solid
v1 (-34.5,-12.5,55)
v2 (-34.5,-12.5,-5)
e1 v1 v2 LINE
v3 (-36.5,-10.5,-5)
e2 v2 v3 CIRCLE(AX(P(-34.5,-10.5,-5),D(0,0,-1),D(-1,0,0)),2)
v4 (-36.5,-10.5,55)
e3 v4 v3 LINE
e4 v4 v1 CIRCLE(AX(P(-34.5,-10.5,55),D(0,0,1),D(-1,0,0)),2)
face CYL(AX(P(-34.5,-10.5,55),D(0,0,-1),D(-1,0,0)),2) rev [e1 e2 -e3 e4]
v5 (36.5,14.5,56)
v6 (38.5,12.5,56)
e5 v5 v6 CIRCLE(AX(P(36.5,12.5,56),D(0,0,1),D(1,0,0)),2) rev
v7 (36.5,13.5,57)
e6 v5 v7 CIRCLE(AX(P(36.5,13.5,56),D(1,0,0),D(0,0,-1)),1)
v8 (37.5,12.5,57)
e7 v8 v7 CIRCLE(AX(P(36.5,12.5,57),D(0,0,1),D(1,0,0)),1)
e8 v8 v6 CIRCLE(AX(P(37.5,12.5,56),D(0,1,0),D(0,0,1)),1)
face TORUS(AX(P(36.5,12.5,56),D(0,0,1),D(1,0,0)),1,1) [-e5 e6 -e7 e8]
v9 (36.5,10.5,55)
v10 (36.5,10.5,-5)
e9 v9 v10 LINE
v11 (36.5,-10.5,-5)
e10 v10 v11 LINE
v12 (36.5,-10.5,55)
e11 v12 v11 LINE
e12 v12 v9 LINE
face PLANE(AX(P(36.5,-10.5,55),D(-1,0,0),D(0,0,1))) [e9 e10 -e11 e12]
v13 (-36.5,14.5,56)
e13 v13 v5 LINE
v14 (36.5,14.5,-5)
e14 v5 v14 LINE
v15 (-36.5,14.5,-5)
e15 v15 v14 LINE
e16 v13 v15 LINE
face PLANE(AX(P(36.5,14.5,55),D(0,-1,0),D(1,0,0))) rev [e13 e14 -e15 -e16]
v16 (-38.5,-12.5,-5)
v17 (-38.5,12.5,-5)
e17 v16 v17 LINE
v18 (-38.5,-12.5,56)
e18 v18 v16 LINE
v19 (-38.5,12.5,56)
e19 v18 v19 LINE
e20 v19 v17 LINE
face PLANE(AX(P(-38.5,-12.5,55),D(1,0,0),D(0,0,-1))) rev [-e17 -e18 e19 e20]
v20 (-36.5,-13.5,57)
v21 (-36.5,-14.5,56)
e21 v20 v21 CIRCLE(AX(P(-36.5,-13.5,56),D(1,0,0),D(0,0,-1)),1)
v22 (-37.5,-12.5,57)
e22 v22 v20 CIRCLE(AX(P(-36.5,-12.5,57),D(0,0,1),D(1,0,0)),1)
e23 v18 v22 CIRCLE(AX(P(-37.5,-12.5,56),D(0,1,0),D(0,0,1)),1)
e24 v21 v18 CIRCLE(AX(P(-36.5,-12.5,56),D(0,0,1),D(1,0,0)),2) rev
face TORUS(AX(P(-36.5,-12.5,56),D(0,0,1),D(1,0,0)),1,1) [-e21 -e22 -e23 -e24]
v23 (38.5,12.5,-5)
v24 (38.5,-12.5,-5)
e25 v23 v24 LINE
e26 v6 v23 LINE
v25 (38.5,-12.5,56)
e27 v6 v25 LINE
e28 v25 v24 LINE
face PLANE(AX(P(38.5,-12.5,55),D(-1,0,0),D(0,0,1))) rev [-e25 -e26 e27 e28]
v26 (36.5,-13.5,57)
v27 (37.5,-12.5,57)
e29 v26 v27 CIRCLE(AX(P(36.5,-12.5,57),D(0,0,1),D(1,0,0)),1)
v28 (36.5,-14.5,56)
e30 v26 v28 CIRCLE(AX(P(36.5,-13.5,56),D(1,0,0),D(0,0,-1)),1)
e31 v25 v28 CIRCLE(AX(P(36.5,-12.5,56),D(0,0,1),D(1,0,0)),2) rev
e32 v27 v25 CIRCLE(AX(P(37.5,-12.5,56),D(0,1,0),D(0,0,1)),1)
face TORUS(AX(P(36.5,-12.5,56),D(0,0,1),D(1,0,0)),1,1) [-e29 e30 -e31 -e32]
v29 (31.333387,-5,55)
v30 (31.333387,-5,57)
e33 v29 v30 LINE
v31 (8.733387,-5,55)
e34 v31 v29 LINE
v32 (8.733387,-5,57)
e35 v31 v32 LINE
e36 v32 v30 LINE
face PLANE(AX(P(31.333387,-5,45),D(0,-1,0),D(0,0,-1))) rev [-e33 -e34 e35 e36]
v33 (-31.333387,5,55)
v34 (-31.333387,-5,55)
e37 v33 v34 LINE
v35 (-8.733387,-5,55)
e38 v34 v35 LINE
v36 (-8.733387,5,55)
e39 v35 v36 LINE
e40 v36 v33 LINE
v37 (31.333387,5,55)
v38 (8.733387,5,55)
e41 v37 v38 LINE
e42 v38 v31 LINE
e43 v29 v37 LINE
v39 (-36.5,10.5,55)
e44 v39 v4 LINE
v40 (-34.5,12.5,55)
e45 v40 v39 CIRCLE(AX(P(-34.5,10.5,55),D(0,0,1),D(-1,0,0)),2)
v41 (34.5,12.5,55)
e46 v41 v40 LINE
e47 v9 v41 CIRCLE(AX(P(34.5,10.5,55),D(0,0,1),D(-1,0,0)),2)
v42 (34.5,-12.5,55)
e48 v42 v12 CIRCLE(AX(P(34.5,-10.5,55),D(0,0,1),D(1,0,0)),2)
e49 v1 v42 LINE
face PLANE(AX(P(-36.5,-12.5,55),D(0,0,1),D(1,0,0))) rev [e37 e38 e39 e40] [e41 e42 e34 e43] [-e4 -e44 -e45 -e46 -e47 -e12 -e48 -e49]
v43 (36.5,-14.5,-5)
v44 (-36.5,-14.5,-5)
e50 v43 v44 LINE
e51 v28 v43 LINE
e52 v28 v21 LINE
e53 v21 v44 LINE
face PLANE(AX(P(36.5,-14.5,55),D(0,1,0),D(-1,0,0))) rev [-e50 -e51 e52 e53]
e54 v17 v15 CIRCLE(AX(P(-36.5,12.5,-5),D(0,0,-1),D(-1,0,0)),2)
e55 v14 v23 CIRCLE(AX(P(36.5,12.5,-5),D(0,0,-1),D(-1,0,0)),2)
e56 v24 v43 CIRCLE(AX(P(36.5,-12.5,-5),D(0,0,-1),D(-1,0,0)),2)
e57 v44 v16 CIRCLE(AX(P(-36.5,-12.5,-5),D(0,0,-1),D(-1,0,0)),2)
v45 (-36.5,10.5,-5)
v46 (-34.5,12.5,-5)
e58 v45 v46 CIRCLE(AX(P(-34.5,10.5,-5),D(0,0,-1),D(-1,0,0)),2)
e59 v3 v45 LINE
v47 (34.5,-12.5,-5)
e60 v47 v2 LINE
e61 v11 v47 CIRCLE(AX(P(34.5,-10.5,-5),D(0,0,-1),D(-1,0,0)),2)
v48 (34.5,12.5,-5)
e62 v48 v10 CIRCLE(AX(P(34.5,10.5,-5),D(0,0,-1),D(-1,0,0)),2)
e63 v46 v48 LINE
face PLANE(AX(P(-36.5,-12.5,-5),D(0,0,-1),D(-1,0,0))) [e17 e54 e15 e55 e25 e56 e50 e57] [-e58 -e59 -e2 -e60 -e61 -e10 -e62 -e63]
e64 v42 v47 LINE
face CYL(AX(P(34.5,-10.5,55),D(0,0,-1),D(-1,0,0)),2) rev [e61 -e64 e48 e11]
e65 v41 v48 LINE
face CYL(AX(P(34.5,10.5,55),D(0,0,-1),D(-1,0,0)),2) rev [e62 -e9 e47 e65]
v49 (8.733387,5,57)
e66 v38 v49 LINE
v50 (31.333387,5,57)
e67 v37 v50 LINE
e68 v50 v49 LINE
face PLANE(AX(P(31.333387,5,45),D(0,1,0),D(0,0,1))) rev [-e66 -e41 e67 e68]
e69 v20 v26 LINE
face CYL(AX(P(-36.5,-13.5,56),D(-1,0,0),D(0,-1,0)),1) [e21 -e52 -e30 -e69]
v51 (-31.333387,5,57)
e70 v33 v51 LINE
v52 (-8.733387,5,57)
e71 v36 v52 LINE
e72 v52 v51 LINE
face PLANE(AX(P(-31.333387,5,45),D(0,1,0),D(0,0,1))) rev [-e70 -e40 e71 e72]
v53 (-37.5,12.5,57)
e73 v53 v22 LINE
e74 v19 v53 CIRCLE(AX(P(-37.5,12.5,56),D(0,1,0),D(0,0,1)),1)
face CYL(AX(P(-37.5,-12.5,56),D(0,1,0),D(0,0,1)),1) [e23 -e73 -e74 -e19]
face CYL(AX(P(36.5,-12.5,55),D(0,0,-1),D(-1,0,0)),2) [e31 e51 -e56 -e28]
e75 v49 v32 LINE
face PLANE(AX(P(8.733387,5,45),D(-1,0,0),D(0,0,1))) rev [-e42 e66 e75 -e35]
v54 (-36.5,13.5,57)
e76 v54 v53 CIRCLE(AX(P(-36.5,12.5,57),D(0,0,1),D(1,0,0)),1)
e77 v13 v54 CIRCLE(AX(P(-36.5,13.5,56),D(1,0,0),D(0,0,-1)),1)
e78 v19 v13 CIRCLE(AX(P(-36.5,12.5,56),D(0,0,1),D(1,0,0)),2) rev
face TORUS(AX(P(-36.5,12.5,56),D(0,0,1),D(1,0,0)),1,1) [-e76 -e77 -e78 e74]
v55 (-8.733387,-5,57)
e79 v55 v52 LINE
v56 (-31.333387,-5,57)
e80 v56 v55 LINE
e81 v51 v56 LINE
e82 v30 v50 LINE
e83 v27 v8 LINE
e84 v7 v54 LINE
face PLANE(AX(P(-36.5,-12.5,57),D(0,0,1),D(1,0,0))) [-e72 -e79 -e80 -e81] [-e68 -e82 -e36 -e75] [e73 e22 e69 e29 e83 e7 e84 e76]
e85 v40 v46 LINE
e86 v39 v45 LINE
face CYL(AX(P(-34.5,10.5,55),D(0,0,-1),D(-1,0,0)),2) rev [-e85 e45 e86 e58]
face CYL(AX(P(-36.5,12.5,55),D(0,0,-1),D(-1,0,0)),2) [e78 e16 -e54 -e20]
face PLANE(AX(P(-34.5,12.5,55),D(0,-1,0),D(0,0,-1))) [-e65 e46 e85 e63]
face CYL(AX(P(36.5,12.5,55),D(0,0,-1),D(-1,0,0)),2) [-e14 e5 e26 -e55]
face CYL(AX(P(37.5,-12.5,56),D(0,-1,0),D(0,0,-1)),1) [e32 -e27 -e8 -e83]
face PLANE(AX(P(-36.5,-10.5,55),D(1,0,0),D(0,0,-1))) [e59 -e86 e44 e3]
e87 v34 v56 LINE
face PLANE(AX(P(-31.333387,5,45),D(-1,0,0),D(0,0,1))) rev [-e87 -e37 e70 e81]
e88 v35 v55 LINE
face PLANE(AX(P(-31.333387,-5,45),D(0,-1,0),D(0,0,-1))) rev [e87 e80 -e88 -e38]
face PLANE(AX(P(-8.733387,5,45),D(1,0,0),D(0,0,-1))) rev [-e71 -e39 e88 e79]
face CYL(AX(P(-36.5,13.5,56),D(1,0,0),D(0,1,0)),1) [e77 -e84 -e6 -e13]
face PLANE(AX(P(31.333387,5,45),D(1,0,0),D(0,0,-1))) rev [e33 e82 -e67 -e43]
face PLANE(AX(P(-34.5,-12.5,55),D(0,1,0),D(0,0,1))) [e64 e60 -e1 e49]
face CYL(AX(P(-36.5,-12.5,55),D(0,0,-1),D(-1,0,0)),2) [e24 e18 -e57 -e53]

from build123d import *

# Parameters (mm, degrees)
BOSS_EXTRUDE1_DEPTH = 55
BOSS_EXTRUDE2_DEPTH = 2
SKETCH3_W           = 22.6
SKETCH3_H           = 10
CUT_EXTRUDE1_DEPTH  = 12
FILLET1_R           = 1
BOSS_EXTRUDE3_DEPTH = 5


with BuildPart() as part:
    # Sketch1 → Boss-Extrude1 (new body)
    with BuildSketch(Plane.XY):
        with BuildLine():
            Line((36.5, -14.5), (-36.5, -14.5))
            ThreePointArc((-36.5, -14.5), (-37.914213562, -13.914213562), (-38.5, -12.5))
            Line((-38.5, -12.5), (-38.5, 12.5))
            ThreePointArc((-38.5, 12.5), (-37.914213562, 13.914213562), (-36.5, 14.5))
            Line((-36.5, 14.5), (36.5, 14.5))
            ThreePointArc((36.5, 14.5), (37.914213562, 13.914213562), (38.5, 12.5))
            Line((38.5, 12.5), (38.5, -12.5))
            ThreePointArc((38.5, -12.5), (37.914213562, -13.914213562), (36.5, -14.5))
        make_face()
        with BuildLine():
            Line((-34.5, -12.5), (34.5, -12.5))
            ThreePointArc((34.5, -12.5), (35.914213562, -11.914213562), (36.5, -10.5))
            Line((36.5, -10.5), (36.5, 10.5))
            ThreePointArc((36.5, 10.5), (35.914213562, 11.914213562), (34.5, 12.5))
            Line((34.5, 12.5), (-34.5, 12.5))
            ThreePointArc((-34.5, 12.5), (-35.914213562, 11.914213562), (-36.5, 10.5))
            Line((-36.5, 10.5), (-36.5, -10.5))
            ThreePointArc((-36.5, -10.5), (-35.914213562, -11.914213562), (-34.5, -12.5))
        make_face(mode=Mode.SUBTRACT)
    extrude(amount=BOSS_EXTRUDE1_DEPTH)

    # Sketch2 → Boss-Extrude2 (add)
    with BuildSketch(Plane.XY.offset(55)):
        with BuildLine():
            Line((-36.5, -14.5), (36.5, -14.5))
            ThreePointArc((36.5, -14.5), (37.914213562, -13.914213562), (38.5, -12.5))
            Line((38.5, -12.5), (38.5, 12.5))
            ThreePointArc((38.5, 12.5), (37.914213562, 13.914213562), (36.5, 14.5))
            Line((36.5, 14.5), (-36.5, 14.5))
            ThreePointArc((-36.5, 14.5), (-37.914213562, 13.914213562), (-38.5, 12.5))
            Line((-38.5, 12.5), (-38.5, -12.5))
            ThreePointArc((-38.5, -12.5), (-37.914213562, -13.914213562), (-36.5, -14.5))
        make_face()
    extrude(amount=BOSS_EXTRUDE2_DEPTH)

    # Sketch3 → Cut-Extrude1 (cut)
    with BuildSketch(Plane.XY.offset(57)):
        with Locations((-20.033386602, 0)):
            Rectangle(SKETCH3_W, SKETCH3_H)
        with Locations((20.033386602, 0)):
            Rectangle(SKETCH3_W, SKETCH3_H)
    extrude(amount=-CUT_EXTRUDE1_DEPTH, mode=Mode.SUBTRACT)

    # Fillet1
    fillet1_edges = [part.edges().sort_by_distance(p)[0] for p in [
        (-37.914213562, -13.914213562, 57),
        (0, -14.5, 57),
        (37.914213562, -13.914213562, 57),
        (38.5, 0, 57),
        (37.914213562, 13.914213562, 57),
        (0, 14.5, 57),
        (-37.914213562, 13.914213562, 57),
        (-38.5, 0, 57),
    ]]
    fillet(fillet1_edges, radius=FILLET1_R)

    # Sketch4 → Boss-Extrude3 (add)
    with BuildSketch(Plane(origin=(0, 0, 0), x_dir=(-1, 0, 0), z_dir=(0, 0, -1))):
        with BuildLine():
            Line((38.5, -12.5), (38.5, 12.5))
            ThreePointArc((38.5, 12.5), (37.914213562, 13.914213562), (36.5, 14.5))
            Line((36.5, 14.5), (-36.5, 14.5))
            ThreePointArc((-36.5, 14.5), (-37.914213562, 13.914213562), (-38.5, 12.5))
            Line((-38.5, 12.5), (-38.5, -12.5))
            ThreePointArc((-38.5, -12.5), (-37.914213562, -13.914213562), (-36.5, -14.5))
            Line((-36.5, -14.5), (36.5, -14.5))
            ThreePointArc((36.5, -14.5), (37.914213562, -13.914213562), (38.5, -12.5))
        make_face()
        with BuildLine():
            Line((-34.5, -12.5), (34.5, -12.5))
            ThreePointArc((34.5, -12.5), (35.914213562, -11.914213562), (36.5, -10.5))
            Line((36.5, -10.5), (36.5, 10.5))
            ThreePointArc((36.5, 10.5), (35.914213562, 11.914213562), (34.5, 12.5))
            Line((34.5, 12.5), (-34.5, 12.5))
            ThreePointArc((-34.5, 12.5), (-35.914213562, 11.914213562), (-36.5, 10.5))
            Line((-36.5, 10.5), (-36.5, -10.5))
            ThreePointArc((-36.5, -10.5), (-35.914213562, -11.914213562), (-34.5, -12.5))
        make_face(mode=Mode.SUBTRACT)
    extrude(amount=BOSS_EXTRUDE3_DEPTH)


solid = part.part
